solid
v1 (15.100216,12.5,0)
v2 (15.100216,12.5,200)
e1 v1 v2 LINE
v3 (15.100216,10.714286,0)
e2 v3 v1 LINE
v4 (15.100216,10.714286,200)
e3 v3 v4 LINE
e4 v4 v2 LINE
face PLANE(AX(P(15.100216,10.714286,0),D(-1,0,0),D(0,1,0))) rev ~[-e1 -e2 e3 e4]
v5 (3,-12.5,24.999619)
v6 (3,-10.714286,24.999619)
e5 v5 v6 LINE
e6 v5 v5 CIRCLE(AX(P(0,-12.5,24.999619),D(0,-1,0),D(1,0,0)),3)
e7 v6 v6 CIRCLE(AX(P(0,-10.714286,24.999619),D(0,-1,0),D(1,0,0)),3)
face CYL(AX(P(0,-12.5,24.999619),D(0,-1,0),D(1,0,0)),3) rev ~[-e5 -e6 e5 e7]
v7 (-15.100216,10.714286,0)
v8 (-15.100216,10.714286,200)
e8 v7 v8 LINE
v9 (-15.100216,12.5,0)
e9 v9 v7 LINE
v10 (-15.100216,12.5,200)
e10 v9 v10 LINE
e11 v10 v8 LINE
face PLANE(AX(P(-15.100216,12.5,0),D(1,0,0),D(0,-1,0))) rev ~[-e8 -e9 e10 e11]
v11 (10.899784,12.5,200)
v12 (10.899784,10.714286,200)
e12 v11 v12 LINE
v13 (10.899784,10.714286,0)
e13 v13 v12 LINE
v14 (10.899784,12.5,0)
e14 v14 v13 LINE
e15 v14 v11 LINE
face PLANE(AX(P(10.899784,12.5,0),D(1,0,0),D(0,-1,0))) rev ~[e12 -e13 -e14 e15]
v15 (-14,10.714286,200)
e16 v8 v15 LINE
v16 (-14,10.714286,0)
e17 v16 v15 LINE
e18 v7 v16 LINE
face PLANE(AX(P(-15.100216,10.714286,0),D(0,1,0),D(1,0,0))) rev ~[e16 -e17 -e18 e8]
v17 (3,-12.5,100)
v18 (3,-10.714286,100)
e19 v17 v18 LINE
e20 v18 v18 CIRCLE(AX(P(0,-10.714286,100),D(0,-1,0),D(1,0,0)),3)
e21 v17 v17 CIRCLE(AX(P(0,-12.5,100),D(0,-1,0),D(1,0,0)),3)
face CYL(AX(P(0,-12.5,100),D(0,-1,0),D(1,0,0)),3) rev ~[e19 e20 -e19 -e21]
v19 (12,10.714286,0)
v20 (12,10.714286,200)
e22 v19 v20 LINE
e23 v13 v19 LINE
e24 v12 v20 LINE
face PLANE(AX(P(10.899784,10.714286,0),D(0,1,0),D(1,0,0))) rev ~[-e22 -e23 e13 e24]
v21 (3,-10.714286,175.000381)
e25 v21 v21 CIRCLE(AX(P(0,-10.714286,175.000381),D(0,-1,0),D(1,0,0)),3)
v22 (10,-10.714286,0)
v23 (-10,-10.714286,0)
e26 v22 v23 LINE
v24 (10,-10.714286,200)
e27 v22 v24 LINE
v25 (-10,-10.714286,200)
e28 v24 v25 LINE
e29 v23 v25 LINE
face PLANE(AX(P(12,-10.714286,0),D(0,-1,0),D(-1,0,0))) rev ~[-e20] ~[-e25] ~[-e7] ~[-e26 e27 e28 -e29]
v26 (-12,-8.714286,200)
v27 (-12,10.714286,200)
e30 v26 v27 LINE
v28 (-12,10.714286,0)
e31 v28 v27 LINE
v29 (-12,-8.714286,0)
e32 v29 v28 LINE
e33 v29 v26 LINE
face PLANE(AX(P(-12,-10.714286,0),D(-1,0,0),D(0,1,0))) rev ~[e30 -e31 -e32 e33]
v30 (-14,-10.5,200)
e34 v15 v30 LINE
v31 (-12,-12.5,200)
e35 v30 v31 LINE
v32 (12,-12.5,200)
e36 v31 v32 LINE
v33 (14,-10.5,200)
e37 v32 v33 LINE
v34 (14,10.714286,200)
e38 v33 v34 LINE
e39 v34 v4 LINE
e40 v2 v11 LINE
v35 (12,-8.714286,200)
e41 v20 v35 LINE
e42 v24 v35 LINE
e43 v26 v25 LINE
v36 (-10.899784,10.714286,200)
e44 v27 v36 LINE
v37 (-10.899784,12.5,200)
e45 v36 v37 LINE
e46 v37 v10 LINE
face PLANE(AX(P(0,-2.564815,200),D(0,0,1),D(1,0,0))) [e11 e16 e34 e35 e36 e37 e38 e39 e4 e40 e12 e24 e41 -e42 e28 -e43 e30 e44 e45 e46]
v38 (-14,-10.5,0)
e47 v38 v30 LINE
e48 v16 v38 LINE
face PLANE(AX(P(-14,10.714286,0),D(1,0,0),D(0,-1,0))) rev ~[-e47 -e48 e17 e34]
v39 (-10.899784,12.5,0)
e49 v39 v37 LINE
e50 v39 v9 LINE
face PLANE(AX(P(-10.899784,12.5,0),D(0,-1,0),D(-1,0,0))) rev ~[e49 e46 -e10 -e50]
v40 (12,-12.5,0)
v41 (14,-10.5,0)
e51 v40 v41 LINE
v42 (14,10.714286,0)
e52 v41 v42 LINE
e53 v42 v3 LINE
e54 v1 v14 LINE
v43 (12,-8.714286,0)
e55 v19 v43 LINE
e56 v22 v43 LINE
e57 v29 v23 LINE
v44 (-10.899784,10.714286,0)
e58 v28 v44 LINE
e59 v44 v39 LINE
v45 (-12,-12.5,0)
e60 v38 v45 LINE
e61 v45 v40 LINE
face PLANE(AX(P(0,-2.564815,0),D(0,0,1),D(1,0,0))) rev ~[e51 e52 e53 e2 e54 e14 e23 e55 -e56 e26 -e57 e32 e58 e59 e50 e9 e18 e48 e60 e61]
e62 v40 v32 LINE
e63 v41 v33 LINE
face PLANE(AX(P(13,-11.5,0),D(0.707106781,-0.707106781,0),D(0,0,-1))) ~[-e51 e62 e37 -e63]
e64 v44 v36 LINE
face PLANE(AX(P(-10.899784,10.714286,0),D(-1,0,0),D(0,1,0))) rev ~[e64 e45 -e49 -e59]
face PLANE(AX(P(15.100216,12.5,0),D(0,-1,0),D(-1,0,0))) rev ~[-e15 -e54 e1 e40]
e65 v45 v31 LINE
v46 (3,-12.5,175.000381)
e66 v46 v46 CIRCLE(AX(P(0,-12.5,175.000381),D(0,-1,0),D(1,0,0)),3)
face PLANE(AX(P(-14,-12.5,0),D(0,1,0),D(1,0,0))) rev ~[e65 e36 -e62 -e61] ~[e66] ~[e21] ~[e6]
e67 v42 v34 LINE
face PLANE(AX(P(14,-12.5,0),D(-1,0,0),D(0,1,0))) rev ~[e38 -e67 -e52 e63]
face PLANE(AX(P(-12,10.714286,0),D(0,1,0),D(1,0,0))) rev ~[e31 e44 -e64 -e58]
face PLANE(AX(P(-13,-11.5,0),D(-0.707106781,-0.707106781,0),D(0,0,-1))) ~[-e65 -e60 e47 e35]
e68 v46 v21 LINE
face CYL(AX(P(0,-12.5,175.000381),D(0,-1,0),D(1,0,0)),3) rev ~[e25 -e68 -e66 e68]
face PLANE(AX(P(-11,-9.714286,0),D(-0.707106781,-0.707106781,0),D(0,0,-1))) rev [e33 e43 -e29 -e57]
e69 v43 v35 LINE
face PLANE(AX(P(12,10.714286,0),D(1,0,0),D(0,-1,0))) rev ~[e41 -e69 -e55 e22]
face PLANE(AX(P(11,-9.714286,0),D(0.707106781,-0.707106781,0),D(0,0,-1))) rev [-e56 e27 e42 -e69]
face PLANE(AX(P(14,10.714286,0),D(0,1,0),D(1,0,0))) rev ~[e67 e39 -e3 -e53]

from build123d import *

# Parameters (mm, degrees)
BOSS_EXTRU_1_DEPTH           = 200
CHANFREIN1_SIZE              = 2
ESQUISSE2_R                  = 3
ENL_V_MAT_EXTRU_1_DEPTH      = 1
ENL_V_MAT_EXTRU_1_DEPTH_BACK = 26
CHANFREIN2_SIZE              = 2
CHANFREIN3_SIZE              = 2


with BuildPart() as part:
    # Esquisse1 → Boss.-Extru.1 (new body)
    with BuildSketch(Plane.XY):
        Polygon((-14, 10.714285714), (-14, -12.5), (14, -12.5), (14, 10.714285714), (15.100215679, 10.714285714), (15.100215679, 12.5), (14, 12.5), (10.899784321, 12.5), (10.899784321, 10.714285714), (12, 10.714285714), (12, -10.714285714), (-12, -10.714285714), (-12, 10.714285714), (-10.899784321, 10.714285714), (-10.899784321, 12.5), (-14, 12.5), (-15.100215679, 12.5), (-15.100215679, 10.714285714), align=None)
    extrude(amount=BOSS_EXTRU_1_DEPTH)

    # Chanfrein1
    chanfrein1_edges = [part.edges().sort_by_distance(p)[0] for p in [
        (14, -12.5, 100),
        (-14, -12.5, 100),
    ]]
    chamfer(chanfrein1_edges, length=CHANFREIN1_SIZE)

    # Esquisse2 → Enlèv. mat.-Extru.1 (cut, two sides)
    with BuildSketch(Plane.XZ.offset(12.5)) as enl_v_mat_extru_1_sk:
        with Locations((0, 100)):
            Circle(ESQUISSE2_R)
        with Locations((0, 175.000381003)):
            Circle(ESQUISSE2_R)
        with Locations((0, 24.999618997)):
            Circle(ESQUISSE2_R)
    extrude(amount=ENL_V_MAT_EXTRU_1_DEPTH, mode=Mode.SUBTRACT)
    extrude(enl_v_mat_extru_1_sk.sketch, amount=-ENL_V_MAT_EXTRU_1_DEPTH_BACK, mode=Mode.SUBTRACT)

    # Chanfrein2
    chanfrein2_edges = [part.edges().sort_by_distance(p)[0] for p in [
        (-12, -10.714285714, 100),
    ]]
    chamfer(chanfrein2_edges, length=CHANFREIN2_SIZE)

    # Chanfrein3
    chanfrein3_edges = [part.edges().sort_by_distance(p)[0] for p in [
        (12, -10.714285714, 100),
    ]]
    chamfer(chanfrein3_edges, length=CHANFREIN3_SIZE)


solid = part.part
